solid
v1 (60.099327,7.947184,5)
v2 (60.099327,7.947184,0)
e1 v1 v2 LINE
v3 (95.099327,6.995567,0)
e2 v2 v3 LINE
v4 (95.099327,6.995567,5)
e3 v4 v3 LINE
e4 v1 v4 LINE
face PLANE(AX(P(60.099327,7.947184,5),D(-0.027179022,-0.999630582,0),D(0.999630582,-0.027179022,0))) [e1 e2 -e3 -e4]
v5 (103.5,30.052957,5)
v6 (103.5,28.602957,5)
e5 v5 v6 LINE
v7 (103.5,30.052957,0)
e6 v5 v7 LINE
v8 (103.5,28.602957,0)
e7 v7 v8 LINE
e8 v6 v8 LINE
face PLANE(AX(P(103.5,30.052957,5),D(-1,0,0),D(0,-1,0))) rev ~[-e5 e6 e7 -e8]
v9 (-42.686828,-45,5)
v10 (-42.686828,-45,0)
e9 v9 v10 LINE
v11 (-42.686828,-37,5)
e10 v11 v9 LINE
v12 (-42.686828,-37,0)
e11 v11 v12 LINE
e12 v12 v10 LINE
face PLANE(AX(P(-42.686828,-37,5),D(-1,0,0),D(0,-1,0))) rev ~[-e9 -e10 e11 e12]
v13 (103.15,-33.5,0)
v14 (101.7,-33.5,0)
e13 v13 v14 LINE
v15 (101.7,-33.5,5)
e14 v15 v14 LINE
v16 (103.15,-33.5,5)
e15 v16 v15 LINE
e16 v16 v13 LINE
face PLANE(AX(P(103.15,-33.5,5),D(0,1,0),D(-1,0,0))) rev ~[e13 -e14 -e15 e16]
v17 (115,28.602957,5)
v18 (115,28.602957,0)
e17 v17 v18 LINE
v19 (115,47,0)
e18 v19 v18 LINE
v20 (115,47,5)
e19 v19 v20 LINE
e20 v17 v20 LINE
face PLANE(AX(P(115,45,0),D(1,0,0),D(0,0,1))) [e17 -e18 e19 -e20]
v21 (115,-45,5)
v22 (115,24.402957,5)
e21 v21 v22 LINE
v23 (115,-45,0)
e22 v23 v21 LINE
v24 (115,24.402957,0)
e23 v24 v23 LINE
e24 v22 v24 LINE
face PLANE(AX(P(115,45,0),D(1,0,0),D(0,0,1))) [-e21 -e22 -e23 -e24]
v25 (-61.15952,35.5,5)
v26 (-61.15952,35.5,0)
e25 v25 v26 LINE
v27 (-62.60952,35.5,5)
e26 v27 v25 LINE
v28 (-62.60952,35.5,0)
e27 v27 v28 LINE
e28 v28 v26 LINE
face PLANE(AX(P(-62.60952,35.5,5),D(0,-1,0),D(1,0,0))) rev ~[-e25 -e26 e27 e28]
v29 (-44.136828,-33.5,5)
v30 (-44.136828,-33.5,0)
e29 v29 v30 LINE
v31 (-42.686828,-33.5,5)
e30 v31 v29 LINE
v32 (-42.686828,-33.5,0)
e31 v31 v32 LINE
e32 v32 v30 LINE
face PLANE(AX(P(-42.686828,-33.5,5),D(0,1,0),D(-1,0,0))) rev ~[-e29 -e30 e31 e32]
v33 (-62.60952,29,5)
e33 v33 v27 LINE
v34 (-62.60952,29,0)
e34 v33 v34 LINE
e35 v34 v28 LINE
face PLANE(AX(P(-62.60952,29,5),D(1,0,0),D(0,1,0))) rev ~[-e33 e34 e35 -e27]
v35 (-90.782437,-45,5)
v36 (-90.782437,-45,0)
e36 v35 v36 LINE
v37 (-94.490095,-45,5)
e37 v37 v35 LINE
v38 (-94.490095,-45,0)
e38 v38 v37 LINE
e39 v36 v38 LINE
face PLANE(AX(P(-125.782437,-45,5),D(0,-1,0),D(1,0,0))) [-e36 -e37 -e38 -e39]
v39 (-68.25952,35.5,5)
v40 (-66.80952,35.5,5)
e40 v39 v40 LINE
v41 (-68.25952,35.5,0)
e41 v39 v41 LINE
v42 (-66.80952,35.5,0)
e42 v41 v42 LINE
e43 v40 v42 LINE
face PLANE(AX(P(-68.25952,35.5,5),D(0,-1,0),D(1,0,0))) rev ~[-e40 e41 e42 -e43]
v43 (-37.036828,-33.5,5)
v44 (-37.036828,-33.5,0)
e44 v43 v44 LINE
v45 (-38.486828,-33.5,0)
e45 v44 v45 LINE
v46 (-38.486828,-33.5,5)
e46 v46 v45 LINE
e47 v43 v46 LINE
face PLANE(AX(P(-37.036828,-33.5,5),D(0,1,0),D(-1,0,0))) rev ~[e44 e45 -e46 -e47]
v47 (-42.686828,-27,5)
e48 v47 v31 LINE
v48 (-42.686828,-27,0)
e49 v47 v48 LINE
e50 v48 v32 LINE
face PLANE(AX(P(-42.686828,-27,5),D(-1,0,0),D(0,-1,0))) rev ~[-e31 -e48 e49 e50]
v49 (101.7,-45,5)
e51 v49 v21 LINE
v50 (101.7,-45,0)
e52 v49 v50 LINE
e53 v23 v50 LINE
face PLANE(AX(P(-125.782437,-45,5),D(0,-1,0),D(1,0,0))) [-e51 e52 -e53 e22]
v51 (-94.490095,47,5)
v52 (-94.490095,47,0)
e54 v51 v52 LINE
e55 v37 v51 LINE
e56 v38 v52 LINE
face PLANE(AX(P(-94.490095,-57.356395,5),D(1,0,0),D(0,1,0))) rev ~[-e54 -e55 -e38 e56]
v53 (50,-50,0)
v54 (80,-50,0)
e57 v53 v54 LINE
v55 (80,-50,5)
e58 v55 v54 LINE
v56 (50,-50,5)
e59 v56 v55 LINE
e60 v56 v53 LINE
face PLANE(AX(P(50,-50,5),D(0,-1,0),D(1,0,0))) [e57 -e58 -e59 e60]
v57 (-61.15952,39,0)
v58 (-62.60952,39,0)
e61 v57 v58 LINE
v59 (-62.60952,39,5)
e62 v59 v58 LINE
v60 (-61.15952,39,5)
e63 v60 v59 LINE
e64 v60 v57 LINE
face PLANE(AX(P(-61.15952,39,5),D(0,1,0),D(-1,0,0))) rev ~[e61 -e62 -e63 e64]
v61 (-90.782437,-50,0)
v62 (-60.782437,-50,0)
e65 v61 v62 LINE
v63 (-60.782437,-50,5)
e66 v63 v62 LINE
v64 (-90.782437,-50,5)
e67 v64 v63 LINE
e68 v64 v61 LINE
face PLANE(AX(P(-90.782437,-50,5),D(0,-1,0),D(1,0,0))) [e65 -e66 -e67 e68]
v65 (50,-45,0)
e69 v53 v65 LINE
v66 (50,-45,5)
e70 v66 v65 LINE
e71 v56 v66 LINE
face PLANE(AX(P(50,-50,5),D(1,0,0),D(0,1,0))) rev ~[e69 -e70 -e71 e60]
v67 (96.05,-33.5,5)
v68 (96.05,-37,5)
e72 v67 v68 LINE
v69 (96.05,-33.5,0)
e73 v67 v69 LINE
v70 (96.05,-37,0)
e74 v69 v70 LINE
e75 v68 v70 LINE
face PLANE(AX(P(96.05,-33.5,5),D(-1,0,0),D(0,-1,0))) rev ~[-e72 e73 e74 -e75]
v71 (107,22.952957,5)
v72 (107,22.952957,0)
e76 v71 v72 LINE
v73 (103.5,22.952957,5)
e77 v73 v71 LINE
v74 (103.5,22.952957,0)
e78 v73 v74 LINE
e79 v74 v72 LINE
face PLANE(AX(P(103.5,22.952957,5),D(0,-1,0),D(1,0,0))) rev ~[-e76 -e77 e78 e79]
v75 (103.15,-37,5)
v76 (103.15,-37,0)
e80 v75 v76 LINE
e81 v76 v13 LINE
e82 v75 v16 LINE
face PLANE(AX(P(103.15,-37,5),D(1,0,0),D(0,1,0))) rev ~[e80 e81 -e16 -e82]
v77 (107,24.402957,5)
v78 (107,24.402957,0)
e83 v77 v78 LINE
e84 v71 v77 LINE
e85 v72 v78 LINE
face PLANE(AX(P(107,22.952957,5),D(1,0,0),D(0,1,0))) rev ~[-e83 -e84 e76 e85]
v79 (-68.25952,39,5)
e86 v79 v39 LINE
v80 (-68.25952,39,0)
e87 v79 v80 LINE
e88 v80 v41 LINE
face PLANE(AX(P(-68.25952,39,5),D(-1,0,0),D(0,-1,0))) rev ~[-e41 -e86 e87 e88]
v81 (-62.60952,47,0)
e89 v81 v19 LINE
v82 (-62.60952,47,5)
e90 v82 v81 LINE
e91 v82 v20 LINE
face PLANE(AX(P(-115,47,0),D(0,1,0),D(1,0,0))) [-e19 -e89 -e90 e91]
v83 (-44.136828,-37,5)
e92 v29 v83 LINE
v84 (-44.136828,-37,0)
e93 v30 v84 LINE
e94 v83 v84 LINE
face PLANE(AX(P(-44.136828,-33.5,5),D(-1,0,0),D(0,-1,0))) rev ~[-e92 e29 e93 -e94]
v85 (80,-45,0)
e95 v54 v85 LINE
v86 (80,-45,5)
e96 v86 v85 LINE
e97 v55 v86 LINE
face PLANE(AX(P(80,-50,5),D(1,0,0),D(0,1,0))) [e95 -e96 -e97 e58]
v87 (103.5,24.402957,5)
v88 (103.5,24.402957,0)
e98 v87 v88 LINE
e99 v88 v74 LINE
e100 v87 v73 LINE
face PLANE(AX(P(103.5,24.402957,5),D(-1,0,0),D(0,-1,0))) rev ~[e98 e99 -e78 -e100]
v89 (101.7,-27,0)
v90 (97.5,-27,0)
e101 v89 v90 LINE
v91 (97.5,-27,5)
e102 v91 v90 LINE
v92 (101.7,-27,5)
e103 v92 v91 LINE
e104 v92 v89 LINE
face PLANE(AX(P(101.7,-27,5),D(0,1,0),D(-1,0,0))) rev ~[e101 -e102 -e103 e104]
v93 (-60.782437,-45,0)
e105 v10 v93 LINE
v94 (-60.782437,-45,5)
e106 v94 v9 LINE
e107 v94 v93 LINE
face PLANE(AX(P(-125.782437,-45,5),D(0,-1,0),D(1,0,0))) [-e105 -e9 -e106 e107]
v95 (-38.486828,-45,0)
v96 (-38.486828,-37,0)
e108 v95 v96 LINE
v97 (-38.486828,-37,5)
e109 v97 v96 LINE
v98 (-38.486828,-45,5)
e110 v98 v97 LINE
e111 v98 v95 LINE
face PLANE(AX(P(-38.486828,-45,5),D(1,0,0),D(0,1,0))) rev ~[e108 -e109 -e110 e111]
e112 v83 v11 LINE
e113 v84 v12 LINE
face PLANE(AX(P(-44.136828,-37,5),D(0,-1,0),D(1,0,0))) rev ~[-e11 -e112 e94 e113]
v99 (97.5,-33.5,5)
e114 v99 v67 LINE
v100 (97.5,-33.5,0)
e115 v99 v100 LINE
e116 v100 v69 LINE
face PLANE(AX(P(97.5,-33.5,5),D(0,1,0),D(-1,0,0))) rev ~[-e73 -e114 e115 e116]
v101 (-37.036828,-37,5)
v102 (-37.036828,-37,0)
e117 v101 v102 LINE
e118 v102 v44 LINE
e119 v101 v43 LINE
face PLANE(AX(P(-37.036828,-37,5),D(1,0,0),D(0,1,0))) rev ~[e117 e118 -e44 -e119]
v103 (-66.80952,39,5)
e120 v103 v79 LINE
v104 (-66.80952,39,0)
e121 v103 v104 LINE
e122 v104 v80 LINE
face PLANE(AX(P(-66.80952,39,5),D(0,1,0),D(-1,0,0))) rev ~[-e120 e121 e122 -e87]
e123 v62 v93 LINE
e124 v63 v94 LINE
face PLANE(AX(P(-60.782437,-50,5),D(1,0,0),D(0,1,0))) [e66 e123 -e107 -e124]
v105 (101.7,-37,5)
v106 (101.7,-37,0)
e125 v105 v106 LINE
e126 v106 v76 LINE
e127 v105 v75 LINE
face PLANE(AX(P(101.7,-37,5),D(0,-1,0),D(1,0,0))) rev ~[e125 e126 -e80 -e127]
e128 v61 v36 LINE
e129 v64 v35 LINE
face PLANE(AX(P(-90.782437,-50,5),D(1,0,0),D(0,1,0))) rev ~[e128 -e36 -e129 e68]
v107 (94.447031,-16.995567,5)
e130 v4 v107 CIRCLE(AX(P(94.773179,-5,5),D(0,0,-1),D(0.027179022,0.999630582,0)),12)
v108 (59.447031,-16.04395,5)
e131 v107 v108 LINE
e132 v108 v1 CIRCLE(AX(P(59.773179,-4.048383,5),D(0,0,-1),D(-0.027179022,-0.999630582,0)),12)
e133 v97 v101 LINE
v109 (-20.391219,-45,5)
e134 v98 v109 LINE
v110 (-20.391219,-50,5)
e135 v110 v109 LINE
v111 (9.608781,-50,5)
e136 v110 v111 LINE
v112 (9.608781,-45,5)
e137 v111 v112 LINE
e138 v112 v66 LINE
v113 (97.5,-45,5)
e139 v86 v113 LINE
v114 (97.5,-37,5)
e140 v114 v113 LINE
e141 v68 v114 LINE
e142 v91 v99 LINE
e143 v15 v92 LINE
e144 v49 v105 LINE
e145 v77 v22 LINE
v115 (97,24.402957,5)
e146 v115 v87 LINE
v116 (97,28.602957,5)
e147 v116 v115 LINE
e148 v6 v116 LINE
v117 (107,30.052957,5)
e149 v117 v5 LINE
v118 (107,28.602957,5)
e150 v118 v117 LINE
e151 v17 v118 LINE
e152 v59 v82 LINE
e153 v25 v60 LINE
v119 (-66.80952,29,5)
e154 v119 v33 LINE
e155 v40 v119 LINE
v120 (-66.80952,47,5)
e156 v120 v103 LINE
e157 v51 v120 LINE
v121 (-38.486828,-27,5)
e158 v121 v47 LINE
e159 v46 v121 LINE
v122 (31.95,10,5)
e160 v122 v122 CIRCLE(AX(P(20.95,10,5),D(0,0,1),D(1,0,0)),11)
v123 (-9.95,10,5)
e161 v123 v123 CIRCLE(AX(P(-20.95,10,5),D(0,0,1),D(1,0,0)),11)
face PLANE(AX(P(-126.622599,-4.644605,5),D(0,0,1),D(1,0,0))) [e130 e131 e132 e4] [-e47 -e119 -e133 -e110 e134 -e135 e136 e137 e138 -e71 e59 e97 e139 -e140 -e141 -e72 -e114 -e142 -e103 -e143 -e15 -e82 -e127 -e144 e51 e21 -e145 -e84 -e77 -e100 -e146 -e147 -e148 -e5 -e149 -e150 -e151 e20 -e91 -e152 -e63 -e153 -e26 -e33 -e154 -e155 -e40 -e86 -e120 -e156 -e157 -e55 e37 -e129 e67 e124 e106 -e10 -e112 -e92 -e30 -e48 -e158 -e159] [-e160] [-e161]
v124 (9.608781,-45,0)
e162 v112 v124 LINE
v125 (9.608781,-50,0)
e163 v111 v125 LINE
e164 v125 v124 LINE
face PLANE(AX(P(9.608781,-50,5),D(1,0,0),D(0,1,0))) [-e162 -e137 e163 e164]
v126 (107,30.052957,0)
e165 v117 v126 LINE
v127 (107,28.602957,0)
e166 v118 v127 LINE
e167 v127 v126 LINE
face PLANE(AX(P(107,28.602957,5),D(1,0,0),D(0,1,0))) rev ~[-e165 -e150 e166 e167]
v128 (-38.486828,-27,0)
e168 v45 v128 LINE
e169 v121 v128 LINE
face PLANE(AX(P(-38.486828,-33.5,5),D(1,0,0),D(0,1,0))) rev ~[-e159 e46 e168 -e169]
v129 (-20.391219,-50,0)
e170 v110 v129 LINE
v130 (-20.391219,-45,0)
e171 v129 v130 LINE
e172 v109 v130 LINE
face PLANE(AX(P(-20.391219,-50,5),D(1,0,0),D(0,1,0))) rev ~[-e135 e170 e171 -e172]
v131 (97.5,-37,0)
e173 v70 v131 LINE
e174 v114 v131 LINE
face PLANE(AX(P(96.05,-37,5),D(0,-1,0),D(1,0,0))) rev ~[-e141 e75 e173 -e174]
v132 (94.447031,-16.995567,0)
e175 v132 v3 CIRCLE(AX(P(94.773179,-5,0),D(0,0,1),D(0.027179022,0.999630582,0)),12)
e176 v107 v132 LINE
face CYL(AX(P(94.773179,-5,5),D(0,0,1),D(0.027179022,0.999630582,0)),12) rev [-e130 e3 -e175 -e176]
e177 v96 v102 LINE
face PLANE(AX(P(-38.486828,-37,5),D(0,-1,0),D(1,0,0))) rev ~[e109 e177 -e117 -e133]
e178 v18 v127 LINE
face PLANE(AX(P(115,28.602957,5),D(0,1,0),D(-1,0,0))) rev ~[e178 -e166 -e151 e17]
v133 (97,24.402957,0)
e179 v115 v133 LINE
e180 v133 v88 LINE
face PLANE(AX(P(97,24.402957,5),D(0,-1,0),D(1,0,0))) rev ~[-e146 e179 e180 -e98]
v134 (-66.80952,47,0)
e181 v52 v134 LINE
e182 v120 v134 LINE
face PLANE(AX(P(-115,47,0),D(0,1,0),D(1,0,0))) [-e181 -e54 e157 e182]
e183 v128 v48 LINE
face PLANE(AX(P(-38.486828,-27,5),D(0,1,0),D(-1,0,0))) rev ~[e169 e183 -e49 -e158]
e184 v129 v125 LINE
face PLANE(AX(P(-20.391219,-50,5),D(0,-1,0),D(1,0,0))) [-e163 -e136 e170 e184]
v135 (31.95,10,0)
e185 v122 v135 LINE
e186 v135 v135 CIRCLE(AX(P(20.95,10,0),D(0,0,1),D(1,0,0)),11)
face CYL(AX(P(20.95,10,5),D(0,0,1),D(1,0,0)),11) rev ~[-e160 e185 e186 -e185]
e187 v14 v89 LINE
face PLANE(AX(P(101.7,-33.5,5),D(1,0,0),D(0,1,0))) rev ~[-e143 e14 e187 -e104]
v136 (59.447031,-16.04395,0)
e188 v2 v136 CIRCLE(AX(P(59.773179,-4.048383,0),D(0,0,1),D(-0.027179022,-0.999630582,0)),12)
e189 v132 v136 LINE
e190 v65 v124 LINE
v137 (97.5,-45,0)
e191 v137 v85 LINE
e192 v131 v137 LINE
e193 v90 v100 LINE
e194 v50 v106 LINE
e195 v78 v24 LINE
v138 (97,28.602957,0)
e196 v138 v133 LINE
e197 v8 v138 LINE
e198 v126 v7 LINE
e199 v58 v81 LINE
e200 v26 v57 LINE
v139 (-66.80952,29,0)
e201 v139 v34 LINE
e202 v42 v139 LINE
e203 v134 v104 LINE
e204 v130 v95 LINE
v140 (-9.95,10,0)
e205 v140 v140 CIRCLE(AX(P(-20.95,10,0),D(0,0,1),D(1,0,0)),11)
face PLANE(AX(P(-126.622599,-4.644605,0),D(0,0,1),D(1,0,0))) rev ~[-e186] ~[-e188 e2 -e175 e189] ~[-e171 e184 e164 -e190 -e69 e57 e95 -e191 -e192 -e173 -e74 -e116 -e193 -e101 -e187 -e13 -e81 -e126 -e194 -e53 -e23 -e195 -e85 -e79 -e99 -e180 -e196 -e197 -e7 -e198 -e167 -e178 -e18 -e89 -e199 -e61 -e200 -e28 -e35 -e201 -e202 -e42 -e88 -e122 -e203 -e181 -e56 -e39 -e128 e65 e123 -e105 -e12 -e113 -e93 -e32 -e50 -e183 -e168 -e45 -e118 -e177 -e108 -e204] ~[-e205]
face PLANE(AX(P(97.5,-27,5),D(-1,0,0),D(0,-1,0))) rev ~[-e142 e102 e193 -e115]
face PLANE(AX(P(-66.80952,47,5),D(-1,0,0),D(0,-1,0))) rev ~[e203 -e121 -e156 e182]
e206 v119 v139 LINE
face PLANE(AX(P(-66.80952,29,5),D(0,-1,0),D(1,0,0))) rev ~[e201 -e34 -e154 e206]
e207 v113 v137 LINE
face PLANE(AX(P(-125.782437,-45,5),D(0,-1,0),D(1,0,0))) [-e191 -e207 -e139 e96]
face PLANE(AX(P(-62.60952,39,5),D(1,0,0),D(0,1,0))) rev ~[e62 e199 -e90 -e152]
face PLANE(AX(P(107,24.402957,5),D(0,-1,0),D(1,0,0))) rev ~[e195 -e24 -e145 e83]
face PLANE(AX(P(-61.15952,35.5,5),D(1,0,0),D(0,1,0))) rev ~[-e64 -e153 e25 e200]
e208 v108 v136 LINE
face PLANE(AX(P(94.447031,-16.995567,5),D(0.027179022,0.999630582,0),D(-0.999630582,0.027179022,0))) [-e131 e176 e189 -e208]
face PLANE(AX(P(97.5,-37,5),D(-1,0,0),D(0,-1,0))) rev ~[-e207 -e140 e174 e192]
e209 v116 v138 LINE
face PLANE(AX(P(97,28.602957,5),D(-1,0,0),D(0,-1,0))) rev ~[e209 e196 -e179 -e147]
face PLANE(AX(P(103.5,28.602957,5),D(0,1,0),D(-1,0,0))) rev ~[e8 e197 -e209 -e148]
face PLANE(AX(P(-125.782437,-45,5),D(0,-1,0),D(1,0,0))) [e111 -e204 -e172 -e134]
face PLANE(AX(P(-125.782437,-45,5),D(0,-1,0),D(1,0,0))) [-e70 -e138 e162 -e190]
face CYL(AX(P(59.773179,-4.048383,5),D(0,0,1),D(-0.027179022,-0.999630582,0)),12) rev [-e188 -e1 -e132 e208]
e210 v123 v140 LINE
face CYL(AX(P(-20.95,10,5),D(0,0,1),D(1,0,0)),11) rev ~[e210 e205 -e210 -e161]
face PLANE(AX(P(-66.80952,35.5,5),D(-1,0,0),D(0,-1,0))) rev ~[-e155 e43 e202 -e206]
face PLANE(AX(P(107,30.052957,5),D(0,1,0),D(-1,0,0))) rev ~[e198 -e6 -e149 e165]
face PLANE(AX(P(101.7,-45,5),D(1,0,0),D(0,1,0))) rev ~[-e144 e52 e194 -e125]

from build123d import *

# Parameters (mm, degrees)
SKETCH1_W           = 230
SKETCH1_H           = 90
BOSS_EXTRUDE1_DEPTH = 5
CUT_EXTRUDE1_REACH  = 125.592
SKETCH2_R           = 11
MOVE_FACE2_BY       = 2
SKETCH3_W           = 8.50990482
SKETCH3_H           = 6
CUT_EXTRUDE2_DEPTH  = 10
BOSS_EXTRUDE2_DEPTH = 5
SKETCH6_W           = 30
SKETCH6_H           = 5
BOSS_EXTRUDE3_DEPTH = 5
SKETCH12_W          = 74.296444361
SKETCH12_H          = 104.356394824
CUT_EXTRUDE6_DEPTH  = 10
CUT_EXTRUDE7_DEPTH  = 10
CUT_EXTRUDE8_DEPTH  = 10


with BuildPart() as part:
    # Sketch1 → Boss-Extrude1 (new body)
    with BuildSketch(Plane.XY):
        Rectangle(SKETCH1_W, SKETCH1_H)
    extrude(amount=BOSS_EXTRUDE1_DEPTH)

    # Sketch2 → Cut-Extrude1 (cut, up to next)
    with BuildSketch(Plane.XY.offset(5), mode=Mode.PRIVATE) as cut_extrude1_sk1:
        with Locations((-20.95, 10)):
            Circle(SKETCH2_R)
    cut_extrude1_tool1 = extrude(cut_extrude1_sk1.sketch, amount=-CUT_EXTRUDE1_REACH, mode=Mode.PRIVATE) & part.part
    # Sketch2 → Cut-Extrude1 (cut, up to next)
    with BuildSketch(Plane.XY.offset(5), mode=Mode.PRIVATE) as cut_extrude1_sk2:
        with Locations((20.95, 10)):
            Circle(SKETCH2_R)
    cut_extrude1_tool2 = extrude(cut_extrude1_sk2.sketch, amount=-CUT_EXTRUDE1_REACH, mode=Mode.PRIVATE) & part.part
    add(cut_extrude1_tool1.solids().sort_by_distance((-20.95, 10, 5))[0], mode=Mode.SUBTRACT)
    add(cut_extrude1_tool2.solids().sort_by_distance((20.95, 10, 5))[0], mode=Mode.SUBTRACT)

    # Move Face2: a face moved outward by 2.0
    extrude(part.faces().sort_by_distance((0, 45, 2.5))[0], amount=MOVE_FACE2_BY, dir=(0, 1, 0))

    # Sketch3 → Cut-Extrude2 (cut)
    with BuildSketch(Plane.XY.offset(5)):
        with Locations((-110.74504759, 44)):
            Rectangle(SKETCH3_W, SKETCH3_H)
    extrude(amount=-CUT_EXTRUDE2_DEPTH, mode=Mode.SUBTRACT)

    # Sketch4 → Boss-Extrude2 (add)
    with BuildSketch(Plane.XY.offset(5)):
        with BuildLine():
            Line((-135.913924796, 10.610415662), (-138.38302872, 1.395594371))
            Line((-138.38302872, 1.395594371), (-142.246732025, 2.430870552))
            Line((-142.246732025, 2.430870552), (-146.129017701, -12.058016843))
            Line((-146.129017701, -12.058016843), (-142.265314396, -13.093293023))
            Line((-142.265314396, -13.093293023), (-144.335866757, -20.820699634))
            Line((-144.335866757, -20.820699634), (-138.540311799, -22.373613904))
            Line((-138.540311799, -22.373613904), (-141.646140341, -33.96472382))
            ThreePointArc((-141.646140341, -33.96472382), (-140.955850397, -37.435045716), (-137.782437035, -39))
            Line((-137.782437035, -39), (-125.782437035, -39))
            Line((-125.782437035, -39), (-125.782437035, -45))
            Line((-125.782437035, -45), (-115, -45))
            Line((-115, -45), (-115, 41))
            Line((-115, 41), (-119.257422168, 41))
            ThreePointArc((-119.257422168, 41), (-121.083706455, 40.380060021), (-122.155199647, 38.776457135))
            Line((-122.155199647, 38.776457135), (-122.353798485, 38.03527618))
            Line((-122.353798485, 38.03527618), (-125.459627027, 26.444166265))
            Line((-125.459627027, 26.444166265), (-131.255181984, 27.997080536))
            Line((-131.255181984, 27.997080536), (-133.325734345, 20.269673925))
            Line((-133.325734345, 20.269673925), (-135.913924796, 10.610415662))
        make_face()
    extrude(amount=-BOSS_EXTRUDE2_DEPTH)

    # Sketch6 → Boss-Extrude3 (add)
    with BuildSketch(Plane.XY.offset(5)):
        with Locations((-75.782437035, -47.5)):
            Rectangle(SKETCH6_W, SKETCH6_H)
        with Locations((-5.391218518, -47.5)):
            Rectangle(SKETCH6_W, SKETCH6_H)
        with Locations((65, -47.5)):
            Rectangle(SKETCH6_W, SKETCH6_H)
    extrude(amount=-BOSS_EXTRUDE3_DEPTH)

    # Sketch12 → Cut-Extrude6 (cut)
    with BuildSketch(Plane.XY.offset(5)):
        with Locations((-131.638317361, -5.178197412)):
            Rectangle(SKETCH12_W, SKETCH12_H)
    extrude(amount=-CUT_EXTRUDE6_DEPTH, mode=Mode.SUBTRACT)

    # Sketch13 → Cut-Extrude7 (cut)
    with BuildSketch(Plane.XY.offset(5)):
        Polygon((-38.486827777, -37), (-37.036827777, -37), (-37.036827777, -33.5), (-38.486827777, -33.5), (-38.486827777, -27), (-42.686827777, -27), (-42.686827777, -33.5), (-44.136827777, -33.5), (-44.136827777, -37), (-42.686827777, -37), (-42.686827777, -45), (-38.486827777, -45), align=None)
        Polygon((101.7, -37), (103.15, -37), (103.15, -33.5), (101.7, -33.5), (101.7, -27), (97.5, -27), (97.5, -33.5), (96.05, -33.5), (96.05, -37), (97.5, -37), (97.5, -45), (101.7, -45), align=None)
        Polygon((107, 28.602956743), (107, 30.052956743), (103.5, 30.052956743), (103.5, 28.602956743), (97, 28.602956743), (97, 24.402956743), (103.5, 24.402956743), (103.5, 22.952956743), (107, 22.952956743), (107, 24.402956743), (115, 24.402956743), (115, 28.602956743), align=None)
        Polygon((-66.809520372, 39), (-68.259520372, 39), (-68.259520372, 35.5), (-66.809520372, 35.5), (-66.809520372, 29), (-62.609520372, 29), (-62.609520372, 35.5), (-61.159520372, 35.5), (-61.159520372, 39), (-62.609520372, 39), (-62.609520372, 47), (-66.809520372, 47), align=None)
    extrude(amount=-CUT_EXTRUDE7_DEPTH, mode=Mode.SUBTRACT)

    # Sketch14 → Cut-Extrude8 (cut)
    with BuildSketch(Plane.XY.offset(5)):
        with BuildLine():
            Line((94.447030587, -16.995566986), (59.447030587, -16.043949671))
            ThreePointArc((59.447030587, -16.043949671), (47.777611866, -3.722234421), (60.099327116, 7.947184301))
            Line((60.099327116, 7.947184301), (95.099327116, 6.995566986))
            ThreePointArc((95.099327116, 6.995566986), (106.768745837, -5.326148264), (94.447030587, -16.995566986))
        make_face()
    extrude(amount=-CUT_EXTRUDE8_DEPTH, mode=Mode.SUBTRACT)


solid = part.part
